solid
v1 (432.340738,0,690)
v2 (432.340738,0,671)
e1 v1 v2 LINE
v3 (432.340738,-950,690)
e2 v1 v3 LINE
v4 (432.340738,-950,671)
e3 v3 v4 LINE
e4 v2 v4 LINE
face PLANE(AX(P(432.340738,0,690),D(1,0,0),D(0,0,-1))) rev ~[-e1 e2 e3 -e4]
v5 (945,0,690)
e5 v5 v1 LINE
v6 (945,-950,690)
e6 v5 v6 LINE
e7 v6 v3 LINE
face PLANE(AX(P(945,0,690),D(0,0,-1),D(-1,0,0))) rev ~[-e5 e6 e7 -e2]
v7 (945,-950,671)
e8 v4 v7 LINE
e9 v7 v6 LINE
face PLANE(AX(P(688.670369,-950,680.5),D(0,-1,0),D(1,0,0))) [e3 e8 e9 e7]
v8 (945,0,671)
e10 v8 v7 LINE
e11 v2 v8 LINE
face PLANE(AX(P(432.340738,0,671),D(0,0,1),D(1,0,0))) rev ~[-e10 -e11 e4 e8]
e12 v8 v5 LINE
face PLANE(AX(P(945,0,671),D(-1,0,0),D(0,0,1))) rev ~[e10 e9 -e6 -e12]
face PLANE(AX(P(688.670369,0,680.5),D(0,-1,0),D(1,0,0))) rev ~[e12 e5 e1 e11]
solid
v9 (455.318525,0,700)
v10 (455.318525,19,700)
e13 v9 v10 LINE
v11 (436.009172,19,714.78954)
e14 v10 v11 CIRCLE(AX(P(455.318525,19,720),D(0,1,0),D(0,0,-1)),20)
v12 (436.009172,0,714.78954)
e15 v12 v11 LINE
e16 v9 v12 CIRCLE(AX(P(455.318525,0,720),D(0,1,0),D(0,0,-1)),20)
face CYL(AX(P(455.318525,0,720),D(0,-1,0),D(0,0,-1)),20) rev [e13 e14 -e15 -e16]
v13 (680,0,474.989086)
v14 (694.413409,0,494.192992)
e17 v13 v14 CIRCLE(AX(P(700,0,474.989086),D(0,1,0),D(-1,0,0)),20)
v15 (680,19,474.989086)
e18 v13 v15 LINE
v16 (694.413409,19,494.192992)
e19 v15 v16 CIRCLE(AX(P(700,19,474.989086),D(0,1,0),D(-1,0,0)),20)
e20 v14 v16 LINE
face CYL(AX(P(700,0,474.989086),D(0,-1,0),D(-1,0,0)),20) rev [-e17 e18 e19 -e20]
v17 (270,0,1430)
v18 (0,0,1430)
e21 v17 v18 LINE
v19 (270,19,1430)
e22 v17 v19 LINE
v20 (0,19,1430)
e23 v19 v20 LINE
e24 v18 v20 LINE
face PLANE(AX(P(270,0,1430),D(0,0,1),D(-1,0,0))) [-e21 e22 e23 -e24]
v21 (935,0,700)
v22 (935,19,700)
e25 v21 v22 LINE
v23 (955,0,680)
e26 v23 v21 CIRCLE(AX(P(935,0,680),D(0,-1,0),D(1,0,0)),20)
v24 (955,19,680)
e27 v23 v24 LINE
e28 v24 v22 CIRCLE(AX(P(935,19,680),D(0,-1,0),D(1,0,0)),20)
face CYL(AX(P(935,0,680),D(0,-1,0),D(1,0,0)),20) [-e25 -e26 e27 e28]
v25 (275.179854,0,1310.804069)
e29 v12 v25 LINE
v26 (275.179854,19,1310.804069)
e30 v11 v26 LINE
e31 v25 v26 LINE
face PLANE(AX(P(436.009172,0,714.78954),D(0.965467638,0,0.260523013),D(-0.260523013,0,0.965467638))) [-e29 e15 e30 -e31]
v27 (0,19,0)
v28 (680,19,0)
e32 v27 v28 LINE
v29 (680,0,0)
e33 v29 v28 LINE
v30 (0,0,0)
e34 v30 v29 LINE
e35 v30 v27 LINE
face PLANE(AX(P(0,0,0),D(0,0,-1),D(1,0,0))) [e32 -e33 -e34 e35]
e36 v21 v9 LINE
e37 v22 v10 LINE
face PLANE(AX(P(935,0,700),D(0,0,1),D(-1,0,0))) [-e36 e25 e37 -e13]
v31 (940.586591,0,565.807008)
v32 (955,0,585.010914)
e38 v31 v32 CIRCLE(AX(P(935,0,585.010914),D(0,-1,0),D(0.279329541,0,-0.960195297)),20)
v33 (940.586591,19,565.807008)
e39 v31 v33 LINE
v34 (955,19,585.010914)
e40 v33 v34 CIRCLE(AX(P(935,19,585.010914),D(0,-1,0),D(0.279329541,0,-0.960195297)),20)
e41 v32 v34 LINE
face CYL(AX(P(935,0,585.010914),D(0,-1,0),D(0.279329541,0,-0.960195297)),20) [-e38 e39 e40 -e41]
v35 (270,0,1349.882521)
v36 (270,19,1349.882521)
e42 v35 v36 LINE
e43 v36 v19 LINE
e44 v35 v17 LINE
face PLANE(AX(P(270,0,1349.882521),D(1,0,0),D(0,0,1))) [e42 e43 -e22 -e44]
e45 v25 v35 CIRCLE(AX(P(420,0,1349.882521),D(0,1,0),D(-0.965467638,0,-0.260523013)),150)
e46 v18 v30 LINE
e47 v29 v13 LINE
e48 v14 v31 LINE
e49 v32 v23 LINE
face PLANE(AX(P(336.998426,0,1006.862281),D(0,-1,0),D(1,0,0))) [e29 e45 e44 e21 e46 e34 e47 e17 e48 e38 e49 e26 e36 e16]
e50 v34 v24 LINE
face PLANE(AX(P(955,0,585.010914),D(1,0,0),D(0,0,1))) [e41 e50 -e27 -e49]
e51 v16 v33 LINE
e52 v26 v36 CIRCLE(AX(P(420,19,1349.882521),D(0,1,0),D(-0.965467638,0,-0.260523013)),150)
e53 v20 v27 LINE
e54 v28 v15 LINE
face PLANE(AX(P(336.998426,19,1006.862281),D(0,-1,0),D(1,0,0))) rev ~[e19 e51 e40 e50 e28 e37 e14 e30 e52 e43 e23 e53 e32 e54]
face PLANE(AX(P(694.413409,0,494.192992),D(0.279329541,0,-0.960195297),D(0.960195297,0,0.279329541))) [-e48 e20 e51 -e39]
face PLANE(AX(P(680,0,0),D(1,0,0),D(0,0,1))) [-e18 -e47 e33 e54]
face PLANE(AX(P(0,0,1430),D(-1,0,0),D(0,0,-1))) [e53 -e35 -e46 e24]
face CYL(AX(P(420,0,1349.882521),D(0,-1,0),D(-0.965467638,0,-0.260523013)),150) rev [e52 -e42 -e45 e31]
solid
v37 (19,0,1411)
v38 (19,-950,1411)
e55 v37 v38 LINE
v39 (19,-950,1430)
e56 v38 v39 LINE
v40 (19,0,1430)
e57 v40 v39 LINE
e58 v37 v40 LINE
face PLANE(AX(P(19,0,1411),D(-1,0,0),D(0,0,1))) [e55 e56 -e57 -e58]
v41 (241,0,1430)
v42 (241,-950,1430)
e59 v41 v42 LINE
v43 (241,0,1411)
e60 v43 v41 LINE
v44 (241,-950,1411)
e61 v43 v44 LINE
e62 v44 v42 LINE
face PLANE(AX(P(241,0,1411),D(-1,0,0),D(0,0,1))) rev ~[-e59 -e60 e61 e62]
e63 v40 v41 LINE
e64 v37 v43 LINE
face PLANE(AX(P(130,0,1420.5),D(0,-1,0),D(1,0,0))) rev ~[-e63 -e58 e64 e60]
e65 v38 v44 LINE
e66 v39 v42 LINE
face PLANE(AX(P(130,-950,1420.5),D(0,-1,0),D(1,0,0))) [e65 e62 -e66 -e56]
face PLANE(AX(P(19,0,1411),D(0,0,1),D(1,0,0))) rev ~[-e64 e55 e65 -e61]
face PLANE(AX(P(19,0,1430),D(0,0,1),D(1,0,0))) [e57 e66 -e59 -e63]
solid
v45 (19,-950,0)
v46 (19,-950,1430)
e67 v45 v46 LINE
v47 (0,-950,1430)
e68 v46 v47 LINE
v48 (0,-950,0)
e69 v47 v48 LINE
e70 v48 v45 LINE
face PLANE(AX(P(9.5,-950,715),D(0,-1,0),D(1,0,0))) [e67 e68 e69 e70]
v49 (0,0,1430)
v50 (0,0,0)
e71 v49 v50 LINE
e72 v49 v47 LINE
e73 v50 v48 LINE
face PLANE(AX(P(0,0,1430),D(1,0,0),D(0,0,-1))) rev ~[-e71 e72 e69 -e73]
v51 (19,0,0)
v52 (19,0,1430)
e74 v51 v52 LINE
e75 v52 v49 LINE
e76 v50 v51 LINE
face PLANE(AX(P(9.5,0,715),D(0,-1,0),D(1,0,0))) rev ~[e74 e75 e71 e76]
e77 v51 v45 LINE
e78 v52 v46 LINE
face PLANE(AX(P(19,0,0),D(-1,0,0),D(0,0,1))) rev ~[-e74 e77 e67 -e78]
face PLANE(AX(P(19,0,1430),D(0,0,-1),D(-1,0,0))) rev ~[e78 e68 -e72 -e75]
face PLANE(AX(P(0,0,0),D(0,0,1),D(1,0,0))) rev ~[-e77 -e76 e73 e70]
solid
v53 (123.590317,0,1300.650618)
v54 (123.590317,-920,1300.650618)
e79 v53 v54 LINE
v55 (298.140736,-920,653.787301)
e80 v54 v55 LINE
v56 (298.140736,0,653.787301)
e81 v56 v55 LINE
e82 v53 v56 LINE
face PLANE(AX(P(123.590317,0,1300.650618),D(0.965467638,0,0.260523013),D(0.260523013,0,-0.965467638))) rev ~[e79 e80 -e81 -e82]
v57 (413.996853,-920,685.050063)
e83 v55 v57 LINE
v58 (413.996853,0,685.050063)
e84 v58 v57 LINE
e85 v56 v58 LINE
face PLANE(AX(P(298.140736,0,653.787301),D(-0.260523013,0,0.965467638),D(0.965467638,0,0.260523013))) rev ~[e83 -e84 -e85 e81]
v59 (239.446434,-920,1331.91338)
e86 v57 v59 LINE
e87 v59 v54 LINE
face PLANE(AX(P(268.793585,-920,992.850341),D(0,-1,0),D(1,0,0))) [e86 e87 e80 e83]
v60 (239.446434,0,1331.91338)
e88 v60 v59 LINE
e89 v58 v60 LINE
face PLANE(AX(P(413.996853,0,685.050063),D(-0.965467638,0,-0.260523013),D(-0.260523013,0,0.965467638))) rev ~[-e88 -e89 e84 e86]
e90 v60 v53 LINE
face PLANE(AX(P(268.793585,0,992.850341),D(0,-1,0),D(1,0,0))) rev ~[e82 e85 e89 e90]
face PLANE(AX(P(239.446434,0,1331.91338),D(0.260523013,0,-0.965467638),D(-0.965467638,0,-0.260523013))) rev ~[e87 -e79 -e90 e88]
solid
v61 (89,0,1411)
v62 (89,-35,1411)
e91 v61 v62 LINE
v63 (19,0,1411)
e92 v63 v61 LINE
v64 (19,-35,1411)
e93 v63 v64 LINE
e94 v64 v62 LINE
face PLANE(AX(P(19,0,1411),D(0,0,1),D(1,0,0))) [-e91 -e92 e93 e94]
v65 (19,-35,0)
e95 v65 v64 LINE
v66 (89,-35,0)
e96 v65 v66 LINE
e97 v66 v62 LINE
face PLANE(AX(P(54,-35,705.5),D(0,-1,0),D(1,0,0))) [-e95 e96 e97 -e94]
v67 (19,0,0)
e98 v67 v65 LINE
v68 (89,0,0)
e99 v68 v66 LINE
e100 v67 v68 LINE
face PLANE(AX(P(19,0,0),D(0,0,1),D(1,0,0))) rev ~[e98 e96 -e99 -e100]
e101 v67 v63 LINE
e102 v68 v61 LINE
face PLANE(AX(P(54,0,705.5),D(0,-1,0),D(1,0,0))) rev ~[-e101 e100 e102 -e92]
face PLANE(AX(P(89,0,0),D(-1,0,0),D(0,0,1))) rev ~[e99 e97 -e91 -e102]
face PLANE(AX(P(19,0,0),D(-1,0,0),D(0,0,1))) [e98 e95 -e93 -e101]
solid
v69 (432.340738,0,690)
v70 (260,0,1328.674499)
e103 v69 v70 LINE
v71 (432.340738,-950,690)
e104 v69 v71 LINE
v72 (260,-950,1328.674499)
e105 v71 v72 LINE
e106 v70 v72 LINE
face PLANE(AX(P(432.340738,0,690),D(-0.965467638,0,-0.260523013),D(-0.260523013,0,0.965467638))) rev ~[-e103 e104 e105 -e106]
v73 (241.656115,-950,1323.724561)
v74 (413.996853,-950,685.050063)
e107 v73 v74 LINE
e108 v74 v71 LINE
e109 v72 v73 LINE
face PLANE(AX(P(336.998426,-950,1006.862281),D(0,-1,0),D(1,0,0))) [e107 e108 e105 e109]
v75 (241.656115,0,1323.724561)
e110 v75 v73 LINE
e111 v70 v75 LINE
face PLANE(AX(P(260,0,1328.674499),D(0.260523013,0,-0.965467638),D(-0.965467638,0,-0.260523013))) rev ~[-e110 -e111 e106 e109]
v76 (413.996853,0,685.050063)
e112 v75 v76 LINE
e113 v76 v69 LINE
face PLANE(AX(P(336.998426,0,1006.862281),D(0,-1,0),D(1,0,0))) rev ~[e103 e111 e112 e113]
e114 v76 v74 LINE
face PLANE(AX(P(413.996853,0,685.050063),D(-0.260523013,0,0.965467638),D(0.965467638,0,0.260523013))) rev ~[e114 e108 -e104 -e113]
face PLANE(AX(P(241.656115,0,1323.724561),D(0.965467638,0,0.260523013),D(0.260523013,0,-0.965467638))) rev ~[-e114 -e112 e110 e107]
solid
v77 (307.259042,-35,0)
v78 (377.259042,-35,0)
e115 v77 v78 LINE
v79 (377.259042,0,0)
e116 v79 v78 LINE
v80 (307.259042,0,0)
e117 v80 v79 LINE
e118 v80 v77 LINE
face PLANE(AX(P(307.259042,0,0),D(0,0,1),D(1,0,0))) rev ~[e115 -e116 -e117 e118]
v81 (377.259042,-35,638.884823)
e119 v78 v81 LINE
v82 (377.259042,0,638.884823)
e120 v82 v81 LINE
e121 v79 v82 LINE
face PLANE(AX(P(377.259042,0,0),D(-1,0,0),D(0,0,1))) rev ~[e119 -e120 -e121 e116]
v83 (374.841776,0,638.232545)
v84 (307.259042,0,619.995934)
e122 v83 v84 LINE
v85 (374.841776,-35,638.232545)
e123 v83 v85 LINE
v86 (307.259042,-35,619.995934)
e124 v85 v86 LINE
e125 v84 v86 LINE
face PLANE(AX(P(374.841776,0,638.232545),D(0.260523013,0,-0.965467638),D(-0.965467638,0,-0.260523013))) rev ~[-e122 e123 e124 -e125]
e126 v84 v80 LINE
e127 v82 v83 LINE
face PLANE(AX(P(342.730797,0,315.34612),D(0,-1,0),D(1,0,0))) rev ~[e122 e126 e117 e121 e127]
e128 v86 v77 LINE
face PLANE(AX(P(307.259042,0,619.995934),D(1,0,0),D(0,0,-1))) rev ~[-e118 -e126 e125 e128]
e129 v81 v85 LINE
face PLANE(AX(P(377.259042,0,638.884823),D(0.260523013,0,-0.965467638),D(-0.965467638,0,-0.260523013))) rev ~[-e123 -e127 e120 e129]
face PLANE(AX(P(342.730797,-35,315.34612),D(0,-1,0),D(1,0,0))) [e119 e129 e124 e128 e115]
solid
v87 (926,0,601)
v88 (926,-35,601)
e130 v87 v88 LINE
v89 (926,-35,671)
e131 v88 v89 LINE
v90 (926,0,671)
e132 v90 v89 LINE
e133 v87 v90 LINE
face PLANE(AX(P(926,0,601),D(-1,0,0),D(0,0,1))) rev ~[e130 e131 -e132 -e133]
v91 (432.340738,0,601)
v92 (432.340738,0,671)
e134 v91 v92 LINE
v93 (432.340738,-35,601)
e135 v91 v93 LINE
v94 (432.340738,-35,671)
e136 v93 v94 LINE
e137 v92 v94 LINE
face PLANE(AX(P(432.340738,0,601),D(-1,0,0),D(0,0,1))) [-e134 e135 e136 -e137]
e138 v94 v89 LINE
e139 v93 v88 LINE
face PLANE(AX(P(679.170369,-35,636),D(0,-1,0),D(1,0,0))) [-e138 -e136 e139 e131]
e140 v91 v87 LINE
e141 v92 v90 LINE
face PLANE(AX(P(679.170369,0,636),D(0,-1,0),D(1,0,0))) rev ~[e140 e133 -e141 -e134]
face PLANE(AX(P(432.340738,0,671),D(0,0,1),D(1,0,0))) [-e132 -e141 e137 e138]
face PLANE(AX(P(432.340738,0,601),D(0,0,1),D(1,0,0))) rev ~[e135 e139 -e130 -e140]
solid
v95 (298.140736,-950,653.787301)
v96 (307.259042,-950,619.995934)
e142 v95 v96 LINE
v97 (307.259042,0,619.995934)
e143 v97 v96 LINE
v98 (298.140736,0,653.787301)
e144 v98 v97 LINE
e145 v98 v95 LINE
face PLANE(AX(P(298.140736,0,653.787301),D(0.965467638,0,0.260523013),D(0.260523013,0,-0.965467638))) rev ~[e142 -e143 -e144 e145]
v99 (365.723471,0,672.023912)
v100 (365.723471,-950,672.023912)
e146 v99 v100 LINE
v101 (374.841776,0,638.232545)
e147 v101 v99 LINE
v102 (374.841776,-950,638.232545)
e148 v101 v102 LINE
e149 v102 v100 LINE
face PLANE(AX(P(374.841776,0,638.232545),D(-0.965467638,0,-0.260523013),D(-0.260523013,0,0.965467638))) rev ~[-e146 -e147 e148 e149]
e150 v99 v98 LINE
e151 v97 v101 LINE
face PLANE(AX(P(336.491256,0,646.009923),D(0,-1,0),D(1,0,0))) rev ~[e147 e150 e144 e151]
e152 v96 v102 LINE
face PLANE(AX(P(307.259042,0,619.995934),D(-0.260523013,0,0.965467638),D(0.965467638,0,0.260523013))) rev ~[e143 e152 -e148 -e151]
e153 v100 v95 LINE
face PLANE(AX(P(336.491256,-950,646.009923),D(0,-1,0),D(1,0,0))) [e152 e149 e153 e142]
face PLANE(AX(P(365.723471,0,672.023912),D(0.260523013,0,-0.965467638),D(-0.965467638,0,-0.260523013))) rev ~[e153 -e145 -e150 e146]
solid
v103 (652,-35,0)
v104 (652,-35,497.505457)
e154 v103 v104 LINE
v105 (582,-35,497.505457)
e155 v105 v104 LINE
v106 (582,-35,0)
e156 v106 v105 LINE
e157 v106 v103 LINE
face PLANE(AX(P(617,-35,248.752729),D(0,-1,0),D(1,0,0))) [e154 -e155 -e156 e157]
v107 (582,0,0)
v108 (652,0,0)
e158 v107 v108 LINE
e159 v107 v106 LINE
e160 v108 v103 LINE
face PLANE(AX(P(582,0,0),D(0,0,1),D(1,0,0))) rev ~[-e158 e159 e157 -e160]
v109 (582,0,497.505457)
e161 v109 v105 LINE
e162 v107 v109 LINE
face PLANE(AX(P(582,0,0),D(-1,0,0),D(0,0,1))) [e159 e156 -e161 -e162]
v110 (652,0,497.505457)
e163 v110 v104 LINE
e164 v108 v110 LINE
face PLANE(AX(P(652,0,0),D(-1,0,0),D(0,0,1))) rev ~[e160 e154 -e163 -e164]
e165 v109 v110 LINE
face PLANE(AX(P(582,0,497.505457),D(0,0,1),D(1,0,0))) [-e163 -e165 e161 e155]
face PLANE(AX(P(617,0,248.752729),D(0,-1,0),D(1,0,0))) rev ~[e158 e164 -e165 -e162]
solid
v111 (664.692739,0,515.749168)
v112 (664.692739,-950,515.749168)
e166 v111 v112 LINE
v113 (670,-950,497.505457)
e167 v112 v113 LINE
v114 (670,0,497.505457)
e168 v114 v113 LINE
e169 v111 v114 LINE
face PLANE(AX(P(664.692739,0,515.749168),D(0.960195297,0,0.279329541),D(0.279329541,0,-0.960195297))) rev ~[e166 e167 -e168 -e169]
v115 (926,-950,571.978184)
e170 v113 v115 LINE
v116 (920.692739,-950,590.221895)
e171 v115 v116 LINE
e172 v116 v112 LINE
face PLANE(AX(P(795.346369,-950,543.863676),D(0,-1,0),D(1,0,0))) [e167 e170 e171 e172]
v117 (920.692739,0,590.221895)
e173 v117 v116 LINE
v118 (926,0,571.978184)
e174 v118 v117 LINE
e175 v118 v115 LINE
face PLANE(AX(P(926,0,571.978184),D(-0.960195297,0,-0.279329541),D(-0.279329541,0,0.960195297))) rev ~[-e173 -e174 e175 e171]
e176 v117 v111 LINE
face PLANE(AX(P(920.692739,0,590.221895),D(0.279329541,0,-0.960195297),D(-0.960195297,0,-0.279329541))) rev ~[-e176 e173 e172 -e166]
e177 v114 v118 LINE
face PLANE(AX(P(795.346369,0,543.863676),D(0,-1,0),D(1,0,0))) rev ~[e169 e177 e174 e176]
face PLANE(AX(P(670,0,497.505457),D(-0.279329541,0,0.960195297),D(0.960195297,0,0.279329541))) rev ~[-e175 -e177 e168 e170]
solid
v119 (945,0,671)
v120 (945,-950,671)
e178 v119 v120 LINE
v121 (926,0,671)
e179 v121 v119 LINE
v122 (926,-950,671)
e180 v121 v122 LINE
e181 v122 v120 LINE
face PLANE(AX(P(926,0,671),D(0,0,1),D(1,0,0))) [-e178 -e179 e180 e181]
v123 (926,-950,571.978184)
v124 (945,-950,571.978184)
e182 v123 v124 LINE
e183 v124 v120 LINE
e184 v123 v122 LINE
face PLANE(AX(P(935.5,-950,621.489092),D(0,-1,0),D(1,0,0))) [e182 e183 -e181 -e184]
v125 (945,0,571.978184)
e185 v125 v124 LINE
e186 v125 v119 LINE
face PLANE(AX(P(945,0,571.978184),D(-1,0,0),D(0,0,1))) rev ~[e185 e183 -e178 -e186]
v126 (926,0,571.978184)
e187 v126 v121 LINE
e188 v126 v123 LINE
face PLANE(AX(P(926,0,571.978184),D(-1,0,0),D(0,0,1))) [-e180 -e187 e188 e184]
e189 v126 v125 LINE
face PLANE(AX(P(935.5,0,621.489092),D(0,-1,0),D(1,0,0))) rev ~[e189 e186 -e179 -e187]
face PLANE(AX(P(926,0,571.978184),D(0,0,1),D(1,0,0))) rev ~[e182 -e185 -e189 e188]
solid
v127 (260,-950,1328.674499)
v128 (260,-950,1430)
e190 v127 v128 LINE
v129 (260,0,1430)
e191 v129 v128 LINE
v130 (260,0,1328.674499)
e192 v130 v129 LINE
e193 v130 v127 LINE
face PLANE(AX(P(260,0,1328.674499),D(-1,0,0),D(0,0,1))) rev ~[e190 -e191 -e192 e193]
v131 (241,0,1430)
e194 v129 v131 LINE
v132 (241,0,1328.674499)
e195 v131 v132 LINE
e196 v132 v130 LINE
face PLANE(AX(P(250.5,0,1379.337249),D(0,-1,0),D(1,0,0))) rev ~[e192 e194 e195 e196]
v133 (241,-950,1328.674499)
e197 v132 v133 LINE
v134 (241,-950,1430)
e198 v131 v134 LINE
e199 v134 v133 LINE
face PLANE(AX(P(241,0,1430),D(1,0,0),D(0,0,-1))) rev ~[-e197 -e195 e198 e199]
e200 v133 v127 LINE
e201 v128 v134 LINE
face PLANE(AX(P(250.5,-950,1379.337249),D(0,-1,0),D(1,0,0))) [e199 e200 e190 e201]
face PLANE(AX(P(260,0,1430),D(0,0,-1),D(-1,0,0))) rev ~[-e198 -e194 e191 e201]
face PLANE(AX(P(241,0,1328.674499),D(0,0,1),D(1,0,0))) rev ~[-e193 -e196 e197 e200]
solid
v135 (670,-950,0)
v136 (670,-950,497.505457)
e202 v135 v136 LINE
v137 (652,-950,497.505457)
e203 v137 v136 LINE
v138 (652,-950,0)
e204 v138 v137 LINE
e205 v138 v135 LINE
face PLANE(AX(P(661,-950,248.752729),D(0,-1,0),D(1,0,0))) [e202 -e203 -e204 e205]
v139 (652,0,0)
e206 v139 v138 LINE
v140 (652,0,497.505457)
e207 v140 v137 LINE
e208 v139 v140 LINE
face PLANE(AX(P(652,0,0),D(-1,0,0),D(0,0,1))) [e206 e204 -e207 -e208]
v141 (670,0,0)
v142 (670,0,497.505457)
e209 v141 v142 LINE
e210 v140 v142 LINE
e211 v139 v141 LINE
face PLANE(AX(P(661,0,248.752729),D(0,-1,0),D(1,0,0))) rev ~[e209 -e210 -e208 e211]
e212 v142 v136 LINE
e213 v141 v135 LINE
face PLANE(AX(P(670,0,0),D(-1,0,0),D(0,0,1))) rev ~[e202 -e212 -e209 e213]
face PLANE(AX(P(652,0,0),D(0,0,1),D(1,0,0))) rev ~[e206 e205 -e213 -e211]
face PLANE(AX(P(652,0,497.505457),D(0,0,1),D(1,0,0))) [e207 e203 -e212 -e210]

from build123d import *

# Parameters (mm, degrees)
F0_W     = 18
F0_H     = 497.5054570848
F0_W_2   = 222
F0_H_2   = 19
F0_W_3   = 19
F0_H_3   = 99.0218156425
F1_DEPTH = 19
F2_DEPTH = 950
F3_DEPTH = 950
F5_DEPTH = 920
F6_W     = 70
F6_H     = 1411
F7_DEPTH = 35
F6_H_2   = 497.5054570848
F6_W_2   = 493.6592622864
F6_H_3   = 70
F8_DEPTH = 950


with BuildPart() as f1:
    # F0 (on Front) → F1 (new body)
    with BuildSketch(Plane.XZ):
        Polygon((432.3407377136, 690), (260, 1328.6744985857), (241.6561148831, 1323.7245613319), (413.9968525967, 685.0500627462), align=None)
        Polygon((945, 690), (432.3407377136, 690), (432.3407377136, 671), (926, 671), (945, 671), align=None)
        Polygon((664.6927387242, 515.7491677203), (670, 497.5054570848), (926, 571.9781843575), (920.6927387242, 590.221894993), align=None)
        with Locations((661, 248.7527285424)):
            Rectangle(F0_W, F0_H)
        Polygon((0, 1430), (0, 0), (19, 0), (19, 1411), (19, 1430), align=None)
        with Locations((130, 1420.5)):
            Rectangle(F0_W_2, F0_H_2)
        Polygon((260, 1430), (241, 1430), (241, 1411), (241, 1328.6744985857), (260, 1328.6744985857), align=None)
        with BuildLine():
            Line((670, 497.5054570848), (670, 0))
            Line((670, 0), (680, 0))
            Line((680, 0), (680, 474.9890858304))
            ThreePointArc((680, 474.9890858304), (684.0041909187, 486.99467169), (694.4134091834, 494.1929917624))
            Line((694.4134091834, 494.1929917624), (940.5865908166, 565.8070082376))
            ThreePointArc((940.5865908166, 565.8070082376), (950.9958090813, 573.00532831), (955, 585.0109141696))
            Line((955, 585.0109141696), (955, 680))
            ThreePointArc((955, 680), (949.1421356237, 694.1421356237), (935, 700))
            Line((935, 700), (455.3185245728, 700))
            ThreePointArc((455.3185245728, 700), (443.1572994154, 704.122197801), (436.0091718181, 714.7895397329))
            Line((436.0091718181, 714.7895397329), (275.1798543399, 1310.8040692109))
            ThreePointArc((275.1798543399, 1310.8040692109), (271.300602138, 1330.1723949973), (270, 1349.8825212144))
            Line((270, 1349.8825212144), (270, 1430))
            Line((270, 1430), (260, 1430))
            Line((260, 1430), (260, 1328.6744985857))
            Line((260, 1328.6744985857), (432.3407377136, 690))
            Line((432.3407377136, 690), (945, 690))
            Line((945, 690), (945, 671))
            Line((945, 671), (945, 571.9781843575))
            Line((945, 571.9781843575), (926, 571.9781843575))
            Line((926, 571.9781843575), (670, 497.5054570848))
        make_face()
        with Locations((935.5, 621.4890921788)):
            Rectangle(F0_W_3, F0_H_3)
        Polygon((19, 1411), (19, 0), (652, 0), (652, 497.5054570848), (670, 497.5054570848), (664.6927387242, 515.7491677203), (920.6927387242, 590.221894993), (926, 571.9781843575), (926, 671), (432.3407377136, 671), (432.3407377136, 690), (413.9968525967, 685.0500627462), (241.6561148831, 1323.7245613319), (260, 1328.6744985857), (241, 1328.6744985857), (241, 1411), align=None)
    extrude(amount=-F1_DEPTH)


with BuildPart() as f2:
    # F0 (on Front) → F2 (new body)
    with BuildSketch(Plane.XZ):
        Polygon((0, 1430), (0, 0), (19, 0), (19, 1411), (19, 1430), align=None)
    extrude(amount=F2_DEPTH)


with BuildPart() as f2b:
    # F0 (on Front) → F2, piece 2 (new body)
    with BuildSketch(Plane.XZ):
        with Locations((661, 248.7527285424)):
            Rectangle(F0_W, F0_H)
    extrude(amount=F2_DEPTH)


with BuildPart() as f2c:
    # F0 (on Front) → F2, piece 3 (new body)
    with BuildSketch(Plane.XZ):
        Polygon((664.6927387242, 515.7491677203), (670, 497.5054570848), (926, 571.9781843575), (920.6927387242, 590.221894993), align=None)
    extrude(amount=F2_DEPTH)


with BuildPart() as f2d:
    # F0 (on Front) → F2, piece 4 (new body)
    with BuildSketch(Plane.XZ):
        Polygon((945, 690), (432.3407377136, 690), (432.3407377136, 671), (926, 671), (945, 671), align=None)
    extrude(amount=F2_DEPTH)


with BuildPart() as f2e:
    # F0 (on Front) → F2, piece 5 (new body)
    with BuildSketch(Plane.XZ):
        Polygon((432.3407377136, 690), (260, 1328.6744985857), (241.6561148831, 1323.7245613319), (413.9968525967, 685.0500627462), align=None)
    extrude(amount=F2_DEPTH)


with BuildPart() as f2f:
    # F0 (on Front) → F2, piece 6 (new body)
    with BuildSketch(Plane.XZ):
        Polygon((260, 1430), (241, 1430), (241, 1411), (241, 1328.6744985857), (260, 1328.6744985857), align=None)
    extrude(amount=F2_DEPTH)


with BuildPart() as f3:
    # F0 (on Front) → F3 (new body)
    with BuildSketch(Plane.XZ):
        with Locations((935.5, 621.4890921788)):
            Rectangle(F0_W_3, F0_H_3)
    extrude(amount=F3_DEPTH)


with BuildPart() as f3b:
    # F0 (on Front) → F3, piece 2 (new body)
    with BuildSketch(Plane.XZ):
        with Locations((130, 1420.5)):
            Rectangle(F0_W_2, F0_H_2)
    extrude(amount=F3_DEPTH)


with BuildPart() as f5:
    # F4 (on Front) → F5 (new body)
    with BuildSketch(Plane.XZ):
        Polygon((413.9968525967, 685.0500627462), (239.4464336476, 1331.9133800279), (123.5903171196, 1300.6506184251), (298.1407360686, 653.7873011434), align=None)
    extrude(amount=F5_DEPTH)


with BuildPart() as f7:
    # F6 (on Front) → F7 (new body)
    with BuildSketch(Plane.XZ):
        with Locations((54, 705.5)):
            Rectangle(F6_W, F6_H)
    extrude(amount=F7_DEPTH)


with BuildPart() as f7b:
    # F6 (on Front) → F7, piece 2 (new body)
    with BuildSketch(Plane.XZ):
        Polygon((374.8417761774, 638.2325447577), (307.2590415361, 619.9959338227), (307.2590415361, 0), (377.2590415361, 0), (377.2590415361, 638.8848227116), align=None)
    extrude(amount=F7_DEPTH)


with BuildPart() as f7c:
    # F6 (on Front) → F7, piece 3 (new body)
    with BuildSketch(Plane.XZ):
        with Locations((617, 248.7527285424)):
            Rectangle(F6_W, F6_H_2)
    extrude(amount=F7_DEPTH)


with BuildPart() as f7d:
    # F6 (on Front) → F7, piece 4 (new body)
    with BuildSketch(Plane.XZ):
        with Locations((679.1703688568, 636)):
            Rectangle(F6_W_2, F6_H_3)
    extrude(amount=F7_DEPTH)


with BuildPart() as f8:
    # F6 (on Front) → F8 (new body)
    with BuildSketch(Plane.XZ):
        Polygon((365.72347071, 672.0239120784), (298.1407360686, 653.7873011434), (307.2590415361, 619.9959338227), (374.8417761774, 638.2325447577), align=None)
    extrude(amount=F8_DEPTH)


solid = Compound([f1.part, f2.part, f2b.part, f2c.part, f2d.part, f2e.part, f2f.part, f3.part, f3b.part, f5.part, f7.part, f7b.part, f7c.part, f7d.part, f8.part])
